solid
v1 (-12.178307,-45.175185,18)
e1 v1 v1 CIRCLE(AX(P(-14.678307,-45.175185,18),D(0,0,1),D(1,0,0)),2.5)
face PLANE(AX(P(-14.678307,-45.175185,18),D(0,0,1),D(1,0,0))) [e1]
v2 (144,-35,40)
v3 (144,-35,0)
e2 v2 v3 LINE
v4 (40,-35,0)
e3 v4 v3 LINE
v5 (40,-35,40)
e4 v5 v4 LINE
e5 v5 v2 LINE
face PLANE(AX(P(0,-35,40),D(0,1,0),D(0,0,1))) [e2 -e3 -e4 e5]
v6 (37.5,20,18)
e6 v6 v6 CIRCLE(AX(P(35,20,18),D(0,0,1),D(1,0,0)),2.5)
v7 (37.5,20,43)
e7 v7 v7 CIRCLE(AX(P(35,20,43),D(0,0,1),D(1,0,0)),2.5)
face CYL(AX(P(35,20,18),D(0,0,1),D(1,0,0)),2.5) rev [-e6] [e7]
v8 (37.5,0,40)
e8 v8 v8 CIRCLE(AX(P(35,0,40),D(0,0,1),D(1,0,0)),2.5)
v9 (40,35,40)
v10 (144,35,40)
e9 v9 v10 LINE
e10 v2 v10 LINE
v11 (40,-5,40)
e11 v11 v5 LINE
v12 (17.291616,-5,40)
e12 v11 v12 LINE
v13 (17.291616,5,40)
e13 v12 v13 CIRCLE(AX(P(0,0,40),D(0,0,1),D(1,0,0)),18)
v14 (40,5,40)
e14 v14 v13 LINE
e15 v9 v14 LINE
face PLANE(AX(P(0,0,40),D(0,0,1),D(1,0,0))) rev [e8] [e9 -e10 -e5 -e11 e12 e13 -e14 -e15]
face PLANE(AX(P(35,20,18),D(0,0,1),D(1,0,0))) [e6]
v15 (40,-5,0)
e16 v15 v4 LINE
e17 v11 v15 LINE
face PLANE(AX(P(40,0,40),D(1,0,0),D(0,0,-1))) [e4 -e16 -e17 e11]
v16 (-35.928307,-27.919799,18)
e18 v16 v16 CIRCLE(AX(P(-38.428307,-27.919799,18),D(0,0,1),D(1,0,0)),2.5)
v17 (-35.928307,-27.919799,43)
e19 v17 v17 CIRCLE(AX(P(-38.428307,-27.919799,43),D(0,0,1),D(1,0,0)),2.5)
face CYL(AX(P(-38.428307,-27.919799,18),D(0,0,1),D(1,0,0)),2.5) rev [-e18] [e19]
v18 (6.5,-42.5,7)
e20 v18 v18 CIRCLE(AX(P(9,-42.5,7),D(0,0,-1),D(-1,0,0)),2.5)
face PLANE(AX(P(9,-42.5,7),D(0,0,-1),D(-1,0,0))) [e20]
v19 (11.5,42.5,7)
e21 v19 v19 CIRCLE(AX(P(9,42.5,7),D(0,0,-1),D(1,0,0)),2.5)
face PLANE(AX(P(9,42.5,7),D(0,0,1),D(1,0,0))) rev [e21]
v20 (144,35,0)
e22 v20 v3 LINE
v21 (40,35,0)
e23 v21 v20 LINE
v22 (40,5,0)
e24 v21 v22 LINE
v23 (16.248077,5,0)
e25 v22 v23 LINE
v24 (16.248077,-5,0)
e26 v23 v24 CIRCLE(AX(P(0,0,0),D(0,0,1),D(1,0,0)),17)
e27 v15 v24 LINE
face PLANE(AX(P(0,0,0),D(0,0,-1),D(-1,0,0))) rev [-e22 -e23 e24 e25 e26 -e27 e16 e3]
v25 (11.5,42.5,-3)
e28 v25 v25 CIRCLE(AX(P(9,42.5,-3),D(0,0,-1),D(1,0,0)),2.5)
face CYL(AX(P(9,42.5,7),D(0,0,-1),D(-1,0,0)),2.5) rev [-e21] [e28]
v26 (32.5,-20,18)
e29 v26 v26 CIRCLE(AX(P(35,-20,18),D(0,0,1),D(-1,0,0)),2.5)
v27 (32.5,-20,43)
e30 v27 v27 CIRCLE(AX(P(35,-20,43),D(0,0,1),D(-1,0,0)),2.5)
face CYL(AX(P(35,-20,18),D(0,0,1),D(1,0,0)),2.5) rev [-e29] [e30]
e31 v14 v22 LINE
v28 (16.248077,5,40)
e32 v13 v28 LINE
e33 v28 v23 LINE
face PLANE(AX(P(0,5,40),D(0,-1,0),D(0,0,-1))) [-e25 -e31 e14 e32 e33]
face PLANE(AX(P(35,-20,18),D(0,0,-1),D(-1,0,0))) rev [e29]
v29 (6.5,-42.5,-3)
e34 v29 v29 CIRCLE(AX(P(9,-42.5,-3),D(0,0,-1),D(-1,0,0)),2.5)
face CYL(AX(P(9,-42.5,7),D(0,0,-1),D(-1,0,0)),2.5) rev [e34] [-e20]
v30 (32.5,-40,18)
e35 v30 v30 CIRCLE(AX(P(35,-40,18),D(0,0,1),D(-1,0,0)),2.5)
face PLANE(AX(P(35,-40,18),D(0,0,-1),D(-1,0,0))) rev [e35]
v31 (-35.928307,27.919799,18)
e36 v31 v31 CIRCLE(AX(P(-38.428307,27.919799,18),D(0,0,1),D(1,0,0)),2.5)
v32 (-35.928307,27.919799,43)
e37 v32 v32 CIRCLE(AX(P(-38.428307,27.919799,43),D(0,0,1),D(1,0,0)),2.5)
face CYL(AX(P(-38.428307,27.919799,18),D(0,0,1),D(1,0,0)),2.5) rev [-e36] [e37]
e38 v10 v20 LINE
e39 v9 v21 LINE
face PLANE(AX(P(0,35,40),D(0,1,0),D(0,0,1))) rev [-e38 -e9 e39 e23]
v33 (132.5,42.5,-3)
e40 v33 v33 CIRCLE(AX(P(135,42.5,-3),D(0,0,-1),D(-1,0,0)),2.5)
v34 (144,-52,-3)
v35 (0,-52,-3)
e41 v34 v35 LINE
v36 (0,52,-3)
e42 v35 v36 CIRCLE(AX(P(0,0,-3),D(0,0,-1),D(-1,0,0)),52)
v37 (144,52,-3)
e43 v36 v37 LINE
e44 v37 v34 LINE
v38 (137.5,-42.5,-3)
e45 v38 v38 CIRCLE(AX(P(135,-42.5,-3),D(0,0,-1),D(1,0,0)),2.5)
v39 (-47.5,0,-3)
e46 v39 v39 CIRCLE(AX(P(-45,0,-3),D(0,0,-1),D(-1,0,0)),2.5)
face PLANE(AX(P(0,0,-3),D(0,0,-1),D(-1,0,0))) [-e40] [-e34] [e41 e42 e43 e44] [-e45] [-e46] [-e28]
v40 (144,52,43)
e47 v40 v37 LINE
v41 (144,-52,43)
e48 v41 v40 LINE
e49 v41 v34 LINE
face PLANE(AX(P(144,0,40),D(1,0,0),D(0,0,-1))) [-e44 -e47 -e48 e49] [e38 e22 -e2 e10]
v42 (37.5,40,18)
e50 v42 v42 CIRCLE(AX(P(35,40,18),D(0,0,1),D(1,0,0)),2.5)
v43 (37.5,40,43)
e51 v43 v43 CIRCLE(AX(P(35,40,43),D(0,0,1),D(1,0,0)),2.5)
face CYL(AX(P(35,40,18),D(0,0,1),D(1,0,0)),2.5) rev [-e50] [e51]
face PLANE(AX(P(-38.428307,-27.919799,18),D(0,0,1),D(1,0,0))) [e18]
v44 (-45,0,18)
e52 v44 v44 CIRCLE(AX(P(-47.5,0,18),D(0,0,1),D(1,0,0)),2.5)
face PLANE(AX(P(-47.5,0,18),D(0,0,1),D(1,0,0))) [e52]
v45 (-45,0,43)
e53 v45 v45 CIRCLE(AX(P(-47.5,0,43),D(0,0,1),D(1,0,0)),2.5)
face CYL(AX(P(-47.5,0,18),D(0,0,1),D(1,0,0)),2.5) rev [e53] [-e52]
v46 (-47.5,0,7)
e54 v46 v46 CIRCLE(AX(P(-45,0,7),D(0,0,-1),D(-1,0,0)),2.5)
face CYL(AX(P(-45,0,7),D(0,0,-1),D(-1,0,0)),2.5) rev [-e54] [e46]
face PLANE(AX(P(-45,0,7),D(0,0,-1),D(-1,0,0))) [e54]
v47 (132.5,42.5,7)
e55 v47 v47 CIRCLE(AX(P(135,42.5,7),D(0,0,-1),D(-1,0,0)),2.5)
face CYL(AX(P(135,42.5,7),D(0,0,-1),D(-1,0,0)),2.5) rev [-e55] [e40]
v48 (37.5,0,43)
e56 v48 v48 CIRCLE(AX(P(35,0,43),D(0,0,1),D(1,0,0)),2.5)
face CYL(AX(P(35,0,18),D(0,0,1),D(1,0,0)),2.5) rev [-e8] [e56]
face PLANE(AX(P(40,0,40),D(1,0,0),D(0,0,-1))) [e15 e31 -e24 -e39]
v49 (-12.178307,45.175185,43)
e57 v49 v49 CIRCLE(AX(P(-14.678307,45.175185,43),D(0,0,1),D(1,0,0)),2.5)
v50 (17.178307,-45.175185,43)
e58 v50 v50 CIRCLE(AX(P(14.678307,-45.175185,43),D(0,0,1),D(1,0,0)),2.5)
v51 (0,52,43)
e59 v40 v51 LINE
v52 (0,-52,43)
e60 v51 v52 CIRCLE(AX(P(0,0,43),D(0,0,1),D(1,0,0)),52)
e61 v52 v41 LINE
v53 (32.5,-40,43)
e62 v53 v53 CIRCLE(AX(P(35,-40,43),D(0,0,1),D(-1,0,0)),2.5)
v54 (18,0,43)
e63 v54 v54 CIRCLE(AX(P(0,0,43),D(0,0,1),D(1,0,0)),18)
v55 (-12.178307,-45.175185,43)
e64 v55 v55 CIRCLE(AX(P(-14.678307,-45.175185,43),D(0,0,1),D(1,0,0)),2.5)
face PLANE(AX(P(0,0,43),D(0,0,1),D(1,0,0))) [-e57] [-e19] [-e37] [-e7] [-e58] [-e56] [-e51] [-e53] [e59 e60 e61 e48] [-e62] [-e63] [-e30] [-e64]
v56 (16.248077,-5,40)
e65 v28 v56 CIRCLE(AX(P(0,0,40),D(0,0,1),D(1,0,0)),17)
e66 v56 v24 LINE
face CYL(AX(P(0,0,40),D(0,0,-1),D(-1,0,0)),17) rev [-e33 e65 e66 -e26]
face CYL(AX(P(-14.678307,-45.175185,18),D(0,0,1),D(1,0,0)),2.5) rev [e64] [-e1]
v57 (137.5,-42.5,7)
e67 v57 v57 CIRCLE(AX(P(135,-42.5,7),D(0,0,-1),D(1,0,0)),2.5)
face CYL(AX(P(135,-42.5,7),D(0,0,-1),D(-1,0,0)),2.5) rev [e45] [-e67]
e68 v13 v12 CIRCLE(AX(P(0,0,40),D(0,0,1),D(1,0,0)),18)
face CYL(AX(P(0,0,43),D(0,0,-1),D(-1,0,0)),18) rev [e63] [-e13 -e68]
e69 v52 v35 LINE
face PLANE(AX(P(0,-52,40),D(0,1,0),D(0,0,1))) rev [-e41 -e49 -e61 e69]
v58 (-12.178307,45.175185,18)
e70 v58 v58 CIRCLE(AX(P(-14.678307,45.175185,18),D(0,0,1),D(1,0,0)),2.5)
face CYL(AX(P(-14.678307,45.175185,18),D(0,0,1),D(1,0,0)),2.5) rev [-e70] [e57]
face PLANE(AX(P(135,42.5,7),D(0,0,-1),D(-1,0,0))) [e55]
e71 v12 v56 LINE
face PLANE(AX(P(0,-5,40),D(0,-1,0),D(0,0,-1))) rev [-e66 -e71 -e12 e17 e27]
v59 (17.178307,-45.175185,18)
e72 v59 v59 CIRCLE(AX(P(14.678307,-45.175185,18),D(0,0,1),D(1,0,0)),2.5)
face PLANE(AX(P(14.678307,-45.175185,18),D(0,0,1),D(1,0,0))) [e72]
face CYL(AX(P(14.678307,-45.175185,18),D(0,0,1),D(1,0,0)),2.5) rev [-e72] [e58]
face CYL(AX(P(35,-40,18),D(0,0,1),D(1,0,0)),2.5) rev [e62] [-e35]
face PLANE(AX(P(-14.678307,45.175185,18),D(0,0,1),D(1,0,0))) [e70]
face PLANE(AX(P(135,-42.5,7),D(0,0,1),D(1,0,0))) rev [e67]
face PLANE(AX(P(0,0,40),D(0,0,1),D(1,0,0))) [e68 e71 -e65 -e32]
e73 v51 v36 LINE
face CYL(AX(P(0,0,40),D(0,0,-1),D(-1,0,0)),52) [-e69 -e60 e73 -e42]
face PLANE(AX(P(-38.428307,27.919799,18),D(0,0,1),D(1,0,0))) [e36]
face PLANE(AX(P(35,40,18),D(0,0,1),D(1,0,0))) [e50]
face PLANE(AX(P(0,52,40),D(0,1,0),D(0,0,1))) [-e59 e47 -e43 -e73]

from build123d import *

# Parameters (mm, degrees)
SALIENTE_EXTRUIR1_DEPTH = 40
CROQUIS4_R              = 18
SALIENTE_EXTRUIR2_DEPTH = 3
SALIENTE_EXTRUIR3_START = 3
SALIENTE_EXTRUIR3_DEPTH = 3
CROQUIS6_R              = 2.5
CORTAR_EXTRUIR1_DEPTH   = 10
CROQUIS7_R              = 2.5
CORTAR_EXTRUIR2_DEPTH   = 25


with BuildPart() as part:
    # Croquis2 → Saliente-Extruir1 (new body)
    with BuildSketch(Plane.XY):
        with BuildLine():
            Line((144, 52), (0, 52))
            ThreePointArc((0, 52), (-52, 0), (0, -52))
            Line((0, -52), (144, -52))
            Line((144, -52), (144, -35))
            Line((144, -35), (40, -35))
            Line((40, -35), (40, -5))
            Line((40, -5), (16.248076809, -5))
            ThreePointArc((16.248076809, -5), (-17, 0), (16.248076809, 5))
            Line((16.248076809, 5), (40, 5))
            Line((40, 5), (40, 35))
            Line((40, 35), (144, 35))
            Line((144, 35), (144, 52))
        make_face()
    extrude(amount=SALIENTE_EXTRUIR1_DEPTH)

    # Croquis4 → Saliente-Extruir2 (add)
    with BuildSketch(Plane.XY.offset(40)):
        with BuildLine():
            Line((144, 52), (144, -52))
            Line((144, -52), (0, -52))
            ThreePointArc((0, -52), (-52, 0), (0, 52))
            Line((0, 52), (144, 52))
        make_face()
        with Locations(Location((0, 0, 0), (0, 0, 16.127620213))):
            Circle(CROQUIS4_R, mode=Mode.SUBTRACT)
    extrude(amount=SALIENTE_EXTRUIR2_DEPTH)

    # Croquis5 → Saliente-Extruir3 (add)
    with BuildSketch(Plane(origin=(0, 0, 0), x_dir=(-1, 0, 0), z_dir=(0, 0, -1)).offset(SALIENTE_EXTRUIR3_START)):
        with BuildLine():
            Line((0, -52), (-144, -52))
            Line((-144, -52), (-144, 52))
            Line((-144, 52), (0, 52))
            ThreePointArc((0, 52), (52, 0), (0, -52))
        make_face()
    extrude(amount=-SALIENTE_EXTRUIR3_DEPTH)

    # Croquis6 → Cortar-Extruir1 (cut)
    with BuildSketch(Plane(origin=(0, 0, -3), x_dir=(-1, 0, 0), z_dir=(0, 0, -1))):
        with Locations((-135, 42.5)):
            Circle(CROQUIS6_R)
        with Locations(Location((-9, 42.5, 0), (0, 0, 180))):
            Circle(CROQUIS6_R)
        with Locations((-9, -42.5)):
            Circle(CROQUIS6_R)
        with Locations(Location((-135, -42.5, 0), (0, 0, 180))):
            Circle(CROQUIS6_R)
        with Locations((45, 0)):
            Circle(CROQUIS6_R)
    extrude(amount=-CORTAR_EXTRUIR1_DEPTH, mode=Mode.SUBTRACT)

    # Croquis7 → Cortar-Extruir2 (cut)
    with BuildSketch(Plane.XY.offset(43)):
        with Locations((35, 0)):
            Circle(CROQUIS7_R)
        with Locations((35, 20)):
            Circle(CROQUIS7_R)
        with Locations((35, 40)):
            Circle(CROQUIS7_R)
        with Locations(Location((35, -40, 0), (0, 0, 180))):
            Circle(CROQUIS7_R)
        with Locations(Location((35, -20, 0), (0, 0, 180))):
            Circle(CROQUIS7_R)
        with Locations((-14.678307233, 45.175184524)):
            Circle(CROQUIS7_R)
        with Locations((-38.428307233, 27.919799484)):
            Circle(CROQUIS7_R)
        with Locations((-47.5, 0)):
            Circle(CROQUIS7_R)
        with Locations((-38.428307233, -27.919799484)):
            Circle(CROQUIS7_R)
        with Locations((-14.678307233, -45.175184524)):
            Circle(CROQUIS7_R)
        with Locations((14.678307233, -45.175184524)):
            Circle(CROQUIS7_R)
    extrude(amount=-CORTAR_EXTRUIR2_DEPTH, mode=Mode.SUBTRACT)


solid = part.part
